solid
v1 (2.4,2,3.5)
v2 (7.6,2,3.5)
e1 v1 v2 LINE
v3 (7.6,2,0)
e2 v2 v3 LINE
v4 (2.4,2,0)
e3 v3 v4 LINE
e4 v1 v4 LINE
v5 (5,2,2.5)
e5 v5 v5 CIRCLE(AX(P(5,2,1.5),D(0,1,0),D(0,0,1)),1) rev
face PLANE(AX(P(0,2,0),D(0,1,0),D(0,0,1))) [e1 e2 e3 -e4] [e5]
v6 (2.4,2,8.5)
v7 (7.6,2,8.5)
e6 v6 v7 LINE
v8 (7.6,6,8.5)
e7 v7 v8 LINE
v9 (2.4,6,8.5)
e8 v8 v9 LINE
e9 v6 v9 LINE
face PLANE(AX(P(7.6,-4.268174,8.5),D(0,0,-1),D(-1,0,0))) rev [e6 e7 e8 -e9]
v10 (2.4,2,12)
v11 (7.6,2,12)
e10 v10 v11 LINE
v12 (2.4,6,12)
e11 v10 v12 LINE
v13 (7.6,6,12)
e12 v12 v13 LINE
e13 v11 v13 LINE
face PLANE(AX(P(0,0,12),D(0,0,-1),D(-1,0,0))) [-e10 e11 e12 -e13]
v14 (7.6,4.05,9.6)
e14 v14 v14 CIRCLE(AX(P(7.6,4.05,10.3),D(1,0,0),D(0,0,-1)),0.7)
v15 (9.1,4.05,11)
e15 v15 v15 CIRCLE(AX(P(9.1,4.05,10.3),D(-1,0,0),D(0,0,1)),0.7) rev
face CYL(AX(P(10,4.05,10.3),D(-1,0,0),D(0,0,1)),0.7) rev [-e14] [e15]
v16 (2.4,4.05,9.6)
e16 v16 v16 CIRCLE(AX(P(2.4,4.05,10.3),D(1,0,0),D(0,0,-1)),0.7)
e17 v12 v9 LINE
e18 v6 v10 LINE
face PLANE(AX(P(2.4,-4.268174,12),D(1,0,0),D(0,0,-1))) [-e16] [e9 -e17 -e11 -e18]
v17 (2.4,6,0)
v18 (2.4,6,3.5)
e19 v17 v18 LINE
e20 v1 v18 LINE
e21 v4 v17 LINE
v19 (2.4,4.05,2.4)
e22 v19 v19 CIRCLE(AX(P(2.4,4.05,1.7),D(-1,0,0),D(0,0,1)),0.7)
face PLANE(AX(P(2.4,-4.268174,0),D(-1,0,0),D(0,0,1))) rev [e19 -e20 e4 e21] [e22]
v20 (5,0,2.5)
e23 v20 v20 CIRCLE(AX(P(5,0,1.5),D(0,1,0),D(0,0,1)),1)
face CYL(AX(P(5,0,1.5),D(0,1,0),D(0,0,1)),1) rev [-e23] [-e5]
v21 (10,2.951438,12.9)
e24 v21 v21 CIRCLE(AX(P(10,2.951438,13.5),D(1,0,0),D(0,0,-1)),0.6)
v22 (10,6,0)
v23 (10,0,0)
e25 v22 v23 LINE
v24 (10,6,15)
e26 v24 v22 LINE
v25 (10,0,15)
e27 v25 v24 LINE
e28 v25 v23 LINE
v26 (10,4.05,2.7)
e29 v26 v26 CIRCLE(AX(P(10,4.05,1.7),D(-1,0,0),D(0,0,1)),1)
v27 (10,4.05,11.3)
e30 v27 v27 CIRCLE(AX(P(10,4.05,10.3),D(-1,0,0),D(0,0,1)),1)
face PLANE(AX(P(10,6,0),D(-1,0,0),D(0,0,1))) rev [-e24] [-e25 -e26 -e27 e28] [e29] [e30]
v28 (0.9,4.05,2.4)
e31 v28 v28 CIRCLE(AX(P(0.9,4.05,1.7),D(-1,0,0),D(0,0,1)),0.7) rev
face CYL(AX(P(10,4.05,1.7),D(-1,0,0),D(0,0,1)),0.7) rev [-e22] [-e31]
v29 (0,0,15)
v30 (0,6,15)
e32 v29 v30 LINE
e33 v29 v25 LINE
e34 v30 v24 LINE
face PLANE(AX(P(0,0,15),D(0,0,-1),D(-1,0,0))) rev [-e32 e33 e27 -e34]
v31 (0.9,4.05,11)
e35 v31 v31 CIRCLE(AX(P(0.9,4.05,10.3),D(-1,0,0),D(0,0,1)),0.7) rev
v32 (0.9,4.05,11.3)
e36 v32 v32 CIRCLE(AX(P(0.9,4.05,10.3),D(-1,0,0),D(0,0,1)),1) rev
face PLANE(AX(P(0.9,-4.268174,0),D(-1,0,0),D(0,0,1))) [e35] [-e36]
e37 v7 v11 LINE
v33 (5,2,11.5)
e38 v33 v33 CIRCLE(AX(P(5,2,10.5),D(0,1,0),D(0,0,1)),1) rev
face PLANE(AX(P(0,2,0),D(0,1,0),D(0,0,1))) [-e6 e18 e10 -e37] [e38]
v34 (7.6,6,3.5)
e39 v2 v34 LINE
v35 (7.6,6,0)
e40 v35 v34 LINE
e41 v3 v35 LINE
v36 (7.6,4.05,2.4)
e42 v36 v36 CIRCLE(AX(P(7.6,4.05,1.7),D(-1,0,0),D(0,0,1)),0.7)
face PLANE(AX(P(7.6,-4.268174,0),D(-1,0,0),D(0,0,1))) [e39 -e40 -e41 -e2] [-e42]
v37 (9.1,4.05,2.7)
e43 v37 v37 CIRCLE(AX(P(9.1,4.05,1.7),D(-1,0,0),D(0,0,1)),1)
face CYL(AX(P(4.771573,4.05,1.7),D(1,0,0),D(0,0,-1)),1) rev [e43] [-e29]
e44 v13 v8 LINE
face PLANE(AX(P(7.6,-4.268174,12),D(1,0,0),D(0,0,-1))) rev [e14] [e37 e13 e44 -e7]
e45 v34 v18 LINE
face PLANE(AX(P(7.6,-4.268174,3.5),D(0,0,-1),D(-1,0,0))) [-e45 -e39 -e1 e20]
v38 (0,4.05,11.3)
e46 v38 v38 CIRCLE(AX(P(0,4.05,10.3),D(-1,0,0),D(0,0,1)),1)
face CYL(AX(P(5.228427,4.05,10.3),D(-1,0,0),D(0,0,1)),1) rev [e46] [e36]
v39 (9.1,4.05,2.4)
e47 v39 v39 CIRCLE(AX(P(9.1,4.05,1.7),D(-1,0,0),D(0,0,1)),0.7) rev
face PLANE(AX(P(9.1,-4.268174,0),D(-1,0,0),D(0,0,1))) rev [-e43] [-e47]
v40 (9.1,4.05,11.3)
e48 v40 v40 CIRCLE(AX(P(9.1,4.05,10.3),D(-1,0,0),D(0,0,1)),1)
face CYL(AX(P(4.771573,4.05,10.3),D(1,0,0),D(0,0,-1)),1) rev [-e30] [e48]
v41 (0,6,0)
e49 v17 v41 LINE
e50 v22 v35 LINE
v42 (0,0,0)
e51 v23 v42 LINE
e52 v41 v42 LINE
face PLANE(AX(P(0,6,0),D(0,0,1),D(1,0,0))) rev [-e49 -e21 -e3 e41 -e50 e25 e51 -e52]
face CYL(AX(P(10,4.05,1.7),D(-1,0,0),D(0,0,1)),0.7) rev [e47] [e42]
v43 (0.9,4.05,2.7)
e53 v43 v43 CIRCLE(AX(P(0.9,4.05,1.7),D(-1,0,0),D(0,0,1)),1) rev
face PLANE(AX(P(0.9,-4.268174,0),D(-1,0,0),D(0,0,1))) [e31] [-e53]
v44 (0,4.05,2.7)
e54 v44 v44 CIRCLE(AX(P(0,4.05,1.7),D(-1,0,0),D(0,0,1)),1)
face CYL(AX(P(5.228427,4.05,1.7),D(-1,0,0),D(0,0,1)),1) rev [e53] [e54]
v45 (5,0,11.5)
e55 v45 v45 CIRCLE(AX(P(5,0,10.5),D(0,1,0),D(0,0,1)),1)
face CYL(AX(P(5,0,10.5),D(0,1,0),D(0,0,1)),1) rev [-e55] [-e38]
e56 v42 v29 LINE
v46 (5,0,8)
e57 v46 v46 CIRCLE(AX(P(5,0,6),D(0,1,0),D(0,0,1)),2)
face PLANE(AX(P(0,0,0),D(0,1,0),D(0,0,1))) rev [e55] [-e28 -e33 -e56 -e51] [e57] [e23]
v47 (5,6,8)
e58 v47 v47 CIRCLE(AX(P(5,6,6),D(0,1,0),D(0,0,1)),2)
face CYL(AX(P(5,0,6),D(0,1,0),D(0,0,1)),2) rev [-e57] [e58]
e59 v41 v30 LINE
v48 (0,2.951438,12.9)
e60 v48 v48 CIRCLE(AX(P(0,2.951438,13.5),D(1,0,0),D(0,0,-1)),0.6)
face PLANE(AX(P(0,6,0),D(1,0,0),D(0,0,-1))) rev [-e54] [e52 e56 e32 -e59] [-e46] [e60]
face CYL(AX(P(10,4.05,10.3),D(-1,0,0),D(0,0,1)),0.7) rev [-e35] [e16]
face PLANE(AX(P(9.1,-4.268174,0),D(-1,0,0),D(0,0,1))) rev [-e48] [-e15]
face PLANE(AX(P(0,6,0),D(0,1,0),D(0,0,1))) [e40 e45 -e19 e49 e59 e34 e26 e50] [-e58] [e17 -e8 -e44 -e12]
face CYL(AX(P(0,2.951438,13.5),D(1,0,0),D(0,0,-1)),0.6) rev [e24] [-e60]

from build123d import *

# Parameters (mm, degrees)
SKETCH_1_W          = 10
SKETCH_1_H          = 12
EXTRUDE_1_DEPTH     = 6
SKETCH_2_R          = 1
CUT_EXTRUDE_1_DEPTH = 17.733200531
SKETCH_2_3_R        = 2
CUT_EXTRUDE_2_DEPTH = 4
SKETCH_3_R          = 2
CUT_EXTRUDE_3_DEPTH = 17.733200531
SKETCH_4_W          = 5.2
SKETCH_4_H          = 3.5
CUT_EXTRUDE_4_DEPTH = 4
SKETCH_6_R          = 0.7
CUT_EXTRUDE_5_DEPTH = 17.733200531
SKETCH_6_3_R        = 1
CUT_EXTRUDE_6_DEPTH = 0.9
CUT_EXTRUDE_START   = -9.1
SKETCH_6_4_R        = 1
CUT_EXTRUDE_7_DEPTH = 0.9
SKETCH_7_W          = 10
SKETCH_7_H          = 6
EXTRUDE_3_DEPTH     = 3
SKETCH_8_R          = 0.6
CUT_EXTRUDE_8_DEPTH = 20


with BuildPart() as part:
    # 草图1 → 凸台-拉伸1 (new body)
    with BuildSketch(Plane(origin=(0, 0, 0), x_dir=(1, 0, 0), z_dir=(0, 1, 0))):
        with Locations((5, -6)):
            Rectangle(SKETCH_1_W, SKETCH_1_H)
    extrude(amount=EXTRUDE_1_DEPTH)

    # 草图2 → 切除-拉伸1 (cut, through all)
    with BuildSketch(Plane(origin=(0, 6, 0), x_dir=(1, 0, 0), z_dir=(0, 1, 0))):
        with Locations(Location((5, -1.5, 0), (0, 0, 270))):
            Circle(SKETCH_2_R)
        with Locations(Location((5, -10.5, 0), (0, 0, 270))):
            Circle(SKETCH_2_R)
    extrude(amount=-CUT_EXTRUDE_1_DEPTH, mode=Mode.SUBTRACT)

    # 草图2<3> → 切除-拉伸2 (cut)
    with BuildSketch(Plane(origin=(0, 6, 0), x_dir=(1, 0, 0), z_dir=(0, 1, 0))):
        with Locations((5, -1.5)):
            Circle(SKETCH_2_3_R)
        with Locations((5, -10.5)):
            Circle(SKETCH_2_3_R)
    extrude(amount=-CUT_EXTRUDE_2_DEPTH, mode=Mode.SUBTRACT)

    # 草图3 → 切除-拉伸3 (cut, through all)
    with BuildSketch(Plane(origin=(0, 6, 0), x_dir=(1, 0, 0), z_dir=(0, 1, 0))):
        with Locations(Location((5, -6, 0), (0, 0, 270))):
            Circle(SKETCH_3_R)
    extrude(amount=-CUT_EXTRUDE_3_DEPTH, mode=Mode.SUBTRACT)

    # 草图4 → 切除-拉伸4 (cut)
    with BuildSketch(Plane(origin=(0, 6, 0), x_dir=(1, 0, 0), z_dir=(0, 1, 0))):
        with Locations((5, -1.75)):
            Rectangle(SKETCH_4_W, SKETCH_4_H)
        with Locations((5, -10.25)):
            Rectangle(SKETCH_4_W, SKETCH_4_H)
    extrude(amount=-CUT_EXTRUDE_4_DEPTH, mode=Mode.SUBTRACT)

    # 草图6 → 切除-拉伸5 (cut, through all)
    with BuildSketch(Plane.ZY):
        with Locations((1.7, 4.05)):
            Circle(SKETCH_6_R)
        with Locations((10.3, 4.05)):
            Circle(SKETCH_6_R)
    extrude(amount=-CUT_EXTRUDE_5_DEPTH, mode=Mode.SUBTRACT)

    # 草图6<3> → 切除-拉伸6 (cut)
    with BuildSketch(Plane.ZY):
        with Locations((1.7, 4.05)):
            Circle(SKETCH_6_3_R)
        with Locations((10.3, 4.05)):
            Circle(SKETCH_6_3_R)
    extrude(amount=-CUT_EXTRUDE_6_DEPTH, mode=Mode.SUBTRACT)

    # 草图6<4> → 切除-拉伸7 (cut)
    with BuildSketch(Plane.ZY.offset(CUT_EXTRUDE_START)):
        with Locations((1.7, 4.05)):
            Circle(SKETCH_6_4_R)
        with Locations((10.3, 4.05)):
            Circle(SKETCH_6_4_R)
    extrude(amount=-CUT_EXTRUDE_7_DEPTH, mode=Mode.SUBTRACT)

    # 草图7 → 凸台-拉伸3 (add)
    with BuildSketch(Plane.XY.offset(12)):
        with Locations((5, 3)):
            Rectangle(SKETCH_7_W, SKETCH_7_H)
    extrude(amount=EXTRUDE_3_DEPTH)

    # 草图8 → 切除-拉伸8 (cut, through all)
    with BuildSketch(Plane(origin=(10, 0, 0), x_dir=(0, 0, -1), z_dir=(1, 0, 0))):
        with Locations((-13.5, 2.951438323)):
            Circle(SKETCH_8_R)
    extrude(amount=-CUT_EXTRUDE_8_DEPTH, mode=Mode.SUBTRACT)


solid = part.part
